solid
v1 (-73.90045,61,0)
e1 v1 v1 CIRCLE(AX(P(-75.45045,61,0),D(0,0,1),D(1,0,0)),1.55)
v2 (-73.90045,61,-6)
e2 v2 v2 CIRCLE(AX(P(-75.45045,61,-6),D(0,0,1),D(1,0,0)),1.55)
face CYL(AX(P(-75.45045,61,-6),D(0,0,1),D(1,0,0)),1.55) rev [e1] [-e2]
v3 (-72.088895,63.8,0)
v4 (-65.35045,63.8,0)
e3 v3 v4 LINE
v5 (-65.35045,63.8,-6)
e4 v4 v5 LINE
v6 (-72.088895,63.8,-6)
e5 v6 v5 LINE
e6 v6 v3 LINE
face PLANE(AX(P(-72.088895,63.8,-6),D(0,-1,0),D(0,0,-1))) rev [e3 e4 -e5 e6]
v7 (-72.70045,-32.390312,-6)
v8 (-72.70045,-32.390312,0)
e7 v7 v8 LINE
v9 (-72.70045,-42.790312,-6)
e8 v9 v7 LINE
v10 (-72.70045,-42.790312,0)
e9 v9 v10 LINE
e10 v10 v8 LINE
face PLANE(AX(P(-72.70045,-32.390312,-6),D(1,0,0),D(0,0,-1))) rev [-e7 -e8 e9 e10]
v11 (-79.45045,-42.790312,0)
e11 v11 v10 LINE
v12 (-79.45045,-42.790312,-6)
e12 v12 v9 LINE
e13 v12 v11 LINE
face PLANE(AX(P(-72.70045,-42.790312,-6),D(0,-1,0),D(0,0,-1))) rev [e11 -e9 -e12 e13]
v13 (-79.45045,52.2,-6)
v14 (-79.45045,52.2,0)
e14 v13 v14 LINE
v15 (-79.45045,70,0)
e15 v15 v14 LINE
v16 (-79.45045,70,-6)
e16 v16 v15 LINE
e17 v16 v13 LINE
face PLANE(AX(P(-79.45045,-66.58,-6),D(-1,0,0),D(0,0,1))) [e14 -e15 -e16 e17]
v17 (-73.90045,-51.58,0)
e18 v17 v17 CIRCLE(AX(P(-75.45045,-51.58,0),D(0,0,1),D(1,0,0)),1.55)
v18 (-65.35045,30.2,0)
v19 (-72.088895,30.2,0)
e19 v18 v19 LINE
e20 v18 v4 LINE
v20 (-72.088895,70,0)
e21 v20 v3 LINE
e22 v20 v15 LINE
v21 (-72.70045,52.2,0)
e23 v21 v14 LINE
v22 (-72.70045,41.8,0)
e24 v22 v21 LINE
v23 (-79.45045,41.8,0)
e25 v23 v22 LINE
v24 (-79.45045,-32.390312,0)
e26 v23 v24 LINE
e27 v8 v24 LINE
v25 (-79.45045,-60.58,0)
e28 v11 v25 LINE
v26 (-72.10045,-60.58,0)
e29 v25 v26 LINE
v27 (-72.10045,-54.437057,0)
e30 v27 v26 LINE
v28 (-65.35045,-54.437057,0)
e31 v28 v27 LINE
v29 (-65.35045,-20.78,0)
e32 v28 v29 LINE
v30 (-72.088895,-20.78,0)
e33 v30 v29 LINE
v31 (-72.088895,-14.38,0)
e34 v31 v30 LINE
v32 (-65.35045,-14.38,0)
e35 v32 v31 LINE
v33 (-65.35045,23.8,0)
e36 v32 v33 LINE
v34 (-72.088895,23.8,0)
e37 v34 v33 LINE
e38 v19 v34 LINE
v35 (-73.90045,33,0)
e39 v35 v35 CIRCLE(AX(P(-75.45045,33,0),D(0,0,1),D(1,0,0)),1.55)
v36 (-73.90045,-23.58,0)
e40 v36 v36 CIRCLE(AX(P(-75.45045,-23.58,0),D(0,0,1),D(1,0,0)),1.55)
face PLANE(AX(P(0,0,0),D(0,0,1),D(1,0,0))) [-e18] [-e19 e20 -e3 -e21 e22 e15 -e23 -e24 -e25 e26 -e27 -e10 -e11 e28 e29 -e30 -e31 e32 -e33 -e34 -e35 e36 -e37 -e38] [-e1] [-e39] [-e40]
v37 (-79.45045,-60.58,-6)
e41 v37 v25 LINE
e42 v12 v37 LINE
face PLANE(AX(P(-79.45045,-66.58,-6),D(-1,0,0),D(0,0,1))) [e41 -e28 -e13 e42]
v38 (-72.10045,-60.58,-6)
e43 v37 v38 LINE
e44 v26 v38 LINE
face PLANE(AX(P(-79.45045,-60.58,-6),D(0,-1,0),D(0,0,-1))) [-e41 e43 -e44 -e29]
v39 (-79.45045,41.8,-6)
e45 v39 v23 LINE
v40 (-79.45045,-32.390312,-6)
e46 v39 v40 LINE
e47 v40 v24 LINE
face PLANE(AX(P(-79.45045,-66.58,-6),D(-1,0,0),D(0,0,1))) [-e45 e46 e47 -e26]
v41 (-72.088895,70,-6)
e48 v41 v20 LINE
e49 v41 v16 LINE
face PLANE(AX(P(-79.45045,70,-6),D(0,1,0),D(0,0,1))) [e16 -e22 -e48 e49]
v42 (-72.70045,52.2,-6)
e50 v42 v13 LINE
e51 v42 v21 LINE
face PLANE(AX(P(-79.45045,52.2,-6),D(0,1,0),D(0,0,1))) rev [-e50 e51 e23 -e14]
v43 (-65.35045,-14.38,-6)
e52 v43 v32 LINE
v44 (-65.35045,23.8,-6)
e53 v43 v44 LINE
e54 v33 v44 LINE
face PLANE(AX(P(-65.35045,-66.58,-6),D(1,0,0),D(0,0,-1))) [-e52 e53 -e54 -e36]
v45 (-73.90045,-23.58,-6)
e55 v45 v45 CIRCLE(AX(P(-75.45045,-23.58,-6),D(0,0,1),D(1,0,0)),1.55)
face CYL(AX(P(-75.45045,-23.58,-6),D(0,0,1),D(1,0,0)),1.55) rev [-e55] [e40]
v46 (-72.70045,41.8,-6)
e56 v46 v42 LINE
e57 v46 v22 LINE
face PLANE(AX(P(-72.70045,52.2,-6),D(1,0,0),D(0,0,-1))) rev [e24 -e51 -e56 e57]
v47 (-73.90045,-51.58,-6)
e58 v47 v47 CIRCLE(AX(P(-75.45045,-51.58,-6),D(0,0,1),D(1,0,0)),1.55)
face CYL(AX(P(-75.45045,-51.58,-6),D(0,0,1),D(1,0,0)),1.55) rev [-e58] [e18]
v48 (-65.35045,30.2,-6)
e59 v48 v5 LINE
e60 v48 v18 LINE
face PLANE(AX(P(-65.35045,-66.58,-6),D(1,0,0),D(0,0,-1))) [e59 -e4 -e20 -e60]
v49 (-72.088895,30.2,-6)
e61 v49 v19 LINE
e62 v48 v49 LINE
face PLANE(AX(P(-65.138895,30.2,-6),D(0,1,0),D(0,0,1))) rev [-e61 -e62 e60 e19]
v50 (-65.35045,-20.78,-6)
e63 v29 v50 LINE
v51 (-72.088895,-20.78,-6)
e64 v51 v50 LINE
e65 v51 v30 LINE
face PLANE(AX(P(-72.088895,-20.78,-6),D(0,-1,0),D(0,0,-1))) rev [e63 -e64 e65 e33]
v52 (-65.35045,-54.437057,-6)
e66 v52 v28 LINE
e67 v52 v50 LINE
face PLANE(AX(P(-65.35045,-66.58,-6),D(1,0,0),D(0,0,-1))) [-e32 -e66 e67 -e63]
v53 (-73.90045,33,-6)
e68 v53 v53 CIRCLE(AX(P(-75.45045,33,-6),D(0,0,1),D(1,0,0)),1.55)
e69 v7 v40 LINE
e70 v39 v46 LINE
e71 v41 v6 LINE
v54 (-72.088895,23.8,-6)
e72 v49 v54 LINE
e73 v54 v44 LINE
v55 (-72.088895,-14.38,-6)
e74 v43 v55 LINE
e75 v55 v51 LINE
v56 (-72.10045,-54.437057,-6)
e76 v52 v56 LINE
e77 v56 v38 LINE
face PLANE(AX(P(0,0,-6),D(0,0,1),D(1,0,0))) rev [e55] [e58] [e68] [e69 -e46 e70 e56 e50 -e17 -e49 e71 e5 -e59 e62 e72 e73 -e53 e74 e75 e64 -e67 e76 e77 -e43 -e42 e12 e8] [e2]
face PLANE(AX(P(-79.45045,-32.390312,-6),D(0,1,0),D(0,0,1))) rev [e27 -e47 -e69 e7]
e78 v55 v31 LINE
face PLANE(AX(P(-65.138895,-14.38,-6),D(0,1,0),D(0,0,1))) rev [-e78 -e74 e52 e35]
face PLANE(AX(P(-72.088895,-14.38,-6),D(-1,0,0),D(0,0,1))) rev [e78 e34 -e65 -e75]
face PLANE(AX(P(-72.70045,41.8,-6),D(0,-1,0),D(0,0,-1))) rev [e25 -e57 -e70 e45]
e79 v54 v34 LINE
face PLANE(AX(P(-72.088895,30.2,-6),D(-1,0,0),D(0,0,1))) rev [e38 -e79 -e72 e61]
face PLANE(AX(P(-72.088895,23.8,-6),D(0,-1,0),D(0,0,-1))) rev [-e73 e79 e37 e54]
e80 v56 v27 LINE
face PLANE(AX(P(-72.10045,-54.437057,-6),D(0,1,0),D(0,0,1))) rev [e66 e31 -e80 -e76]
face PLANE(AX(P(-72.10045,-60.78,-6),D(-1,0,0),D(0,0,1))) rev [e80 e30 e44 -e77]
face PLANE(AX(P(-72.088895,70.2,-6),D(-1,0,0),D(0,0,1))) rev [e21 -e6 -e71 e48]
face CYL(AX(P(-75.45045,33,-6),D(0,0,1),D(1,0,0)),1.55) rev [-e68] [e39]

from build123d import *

# Parameters (mm, degrees)
SZKIC1_W                    = 14.1
SZKIC1_H                    = 136.58
DODANIE_WYCI_GNI_CIE1_DEPTH = 6
PRZENIE_CIAN_1_BY           = 6
SZKIC3_W                    = 6.75
SZKIC3_H                    = 10.4
SZKIC3_W_2                  = 6.95
SZKIC3_H_2                  = 6.4
SZKIC3_H_3                  = 6.342942851
WYTNIJ_WYCI_GNI_CIE1_DEPTH  = 107.058352026
SZKIC4_R                    = 1.55
WYTNIJ_WYCI_GNI_CIE2_DEPTH  = 107.058352026


with BuildPart() as part:
    # Szkic1 → Dodanie-wyciągnięcie1 (new body)
    with BuildSketch(Plane.XY):
        with Locations((-72.400450183, 1.710000001)):
            Rectangle(SZKIC1_W, SZKIC1_H)
    extrude(amount=-DODANIE_WYCI_GNI_CIE1_DEPTH)

    # Przenieś ścianę1: a face moved inward by 6.0
    extrude(part.faces().sort_by_distance((-72.400450183, -66.579999999, -3))[0], amount=PRZENIE_CIAN_1_BY, dir=(0, 1, 0), mode=Mode.SUBTRACT)

    # Szkic3 → Wytnij-wyciągnięcie1 (cut, through all)
    with BuildSketch(Plane.XY):
        with Locations((-76.075450183, 47.000000001)):
            Rectangle(SZKIC3_W, SZKIC3_H)
        with Locations((-76.075450183, -37.590311699)):
            Rectangle(SZKIC3_W, SZKIC3_H)
        with Locations((-68.613894602, 67.000000001)):
            Rectangle(SZKIC3_W_2, SZKIC3_H_2)
        with Locations((-68.613894602, 27.000000001)):
            Rectangle(SZKIC3_W_2, SZKIC3_H_2)
        with Locations((-68.625450183, -57.608528574)):
            Rectangle(SZKIC3_W_2, SZKIC3_H_3)
        with Locations((-68.613894602, -17.579999999)):
            Rectangle(SZKIC3_W_2, SZKIC3_H_2)
    extrude(amount=-WYTNIJ_WYCI_GNI_CIE1_DEPTH, mode=Mode.SUBTRACT)

    # Szkic4 → Wytnij-wyciągnięcie2 (cut, through all)
    with BuildSketch(Plane.XY):
        with Locations((-75.450450183, 61.000000001)):
            Circle(SZKIC4_R)
        with Locations((-75.450450183, -51.579999999)):
            Circle(SZKIC4_R)
        with Locations((-75.450450183, 33.000000001)):
            Circle(SZKIC4_R)
        with Locations((-75.450450183, -23.579999999)):
            Circle(SZKIC4_R)
    extrude(amount=-WYTNIJ_WYCI_GNI_CIE2_DEPTH, mode=Mode.SUBTRACT)


solid = part.part
